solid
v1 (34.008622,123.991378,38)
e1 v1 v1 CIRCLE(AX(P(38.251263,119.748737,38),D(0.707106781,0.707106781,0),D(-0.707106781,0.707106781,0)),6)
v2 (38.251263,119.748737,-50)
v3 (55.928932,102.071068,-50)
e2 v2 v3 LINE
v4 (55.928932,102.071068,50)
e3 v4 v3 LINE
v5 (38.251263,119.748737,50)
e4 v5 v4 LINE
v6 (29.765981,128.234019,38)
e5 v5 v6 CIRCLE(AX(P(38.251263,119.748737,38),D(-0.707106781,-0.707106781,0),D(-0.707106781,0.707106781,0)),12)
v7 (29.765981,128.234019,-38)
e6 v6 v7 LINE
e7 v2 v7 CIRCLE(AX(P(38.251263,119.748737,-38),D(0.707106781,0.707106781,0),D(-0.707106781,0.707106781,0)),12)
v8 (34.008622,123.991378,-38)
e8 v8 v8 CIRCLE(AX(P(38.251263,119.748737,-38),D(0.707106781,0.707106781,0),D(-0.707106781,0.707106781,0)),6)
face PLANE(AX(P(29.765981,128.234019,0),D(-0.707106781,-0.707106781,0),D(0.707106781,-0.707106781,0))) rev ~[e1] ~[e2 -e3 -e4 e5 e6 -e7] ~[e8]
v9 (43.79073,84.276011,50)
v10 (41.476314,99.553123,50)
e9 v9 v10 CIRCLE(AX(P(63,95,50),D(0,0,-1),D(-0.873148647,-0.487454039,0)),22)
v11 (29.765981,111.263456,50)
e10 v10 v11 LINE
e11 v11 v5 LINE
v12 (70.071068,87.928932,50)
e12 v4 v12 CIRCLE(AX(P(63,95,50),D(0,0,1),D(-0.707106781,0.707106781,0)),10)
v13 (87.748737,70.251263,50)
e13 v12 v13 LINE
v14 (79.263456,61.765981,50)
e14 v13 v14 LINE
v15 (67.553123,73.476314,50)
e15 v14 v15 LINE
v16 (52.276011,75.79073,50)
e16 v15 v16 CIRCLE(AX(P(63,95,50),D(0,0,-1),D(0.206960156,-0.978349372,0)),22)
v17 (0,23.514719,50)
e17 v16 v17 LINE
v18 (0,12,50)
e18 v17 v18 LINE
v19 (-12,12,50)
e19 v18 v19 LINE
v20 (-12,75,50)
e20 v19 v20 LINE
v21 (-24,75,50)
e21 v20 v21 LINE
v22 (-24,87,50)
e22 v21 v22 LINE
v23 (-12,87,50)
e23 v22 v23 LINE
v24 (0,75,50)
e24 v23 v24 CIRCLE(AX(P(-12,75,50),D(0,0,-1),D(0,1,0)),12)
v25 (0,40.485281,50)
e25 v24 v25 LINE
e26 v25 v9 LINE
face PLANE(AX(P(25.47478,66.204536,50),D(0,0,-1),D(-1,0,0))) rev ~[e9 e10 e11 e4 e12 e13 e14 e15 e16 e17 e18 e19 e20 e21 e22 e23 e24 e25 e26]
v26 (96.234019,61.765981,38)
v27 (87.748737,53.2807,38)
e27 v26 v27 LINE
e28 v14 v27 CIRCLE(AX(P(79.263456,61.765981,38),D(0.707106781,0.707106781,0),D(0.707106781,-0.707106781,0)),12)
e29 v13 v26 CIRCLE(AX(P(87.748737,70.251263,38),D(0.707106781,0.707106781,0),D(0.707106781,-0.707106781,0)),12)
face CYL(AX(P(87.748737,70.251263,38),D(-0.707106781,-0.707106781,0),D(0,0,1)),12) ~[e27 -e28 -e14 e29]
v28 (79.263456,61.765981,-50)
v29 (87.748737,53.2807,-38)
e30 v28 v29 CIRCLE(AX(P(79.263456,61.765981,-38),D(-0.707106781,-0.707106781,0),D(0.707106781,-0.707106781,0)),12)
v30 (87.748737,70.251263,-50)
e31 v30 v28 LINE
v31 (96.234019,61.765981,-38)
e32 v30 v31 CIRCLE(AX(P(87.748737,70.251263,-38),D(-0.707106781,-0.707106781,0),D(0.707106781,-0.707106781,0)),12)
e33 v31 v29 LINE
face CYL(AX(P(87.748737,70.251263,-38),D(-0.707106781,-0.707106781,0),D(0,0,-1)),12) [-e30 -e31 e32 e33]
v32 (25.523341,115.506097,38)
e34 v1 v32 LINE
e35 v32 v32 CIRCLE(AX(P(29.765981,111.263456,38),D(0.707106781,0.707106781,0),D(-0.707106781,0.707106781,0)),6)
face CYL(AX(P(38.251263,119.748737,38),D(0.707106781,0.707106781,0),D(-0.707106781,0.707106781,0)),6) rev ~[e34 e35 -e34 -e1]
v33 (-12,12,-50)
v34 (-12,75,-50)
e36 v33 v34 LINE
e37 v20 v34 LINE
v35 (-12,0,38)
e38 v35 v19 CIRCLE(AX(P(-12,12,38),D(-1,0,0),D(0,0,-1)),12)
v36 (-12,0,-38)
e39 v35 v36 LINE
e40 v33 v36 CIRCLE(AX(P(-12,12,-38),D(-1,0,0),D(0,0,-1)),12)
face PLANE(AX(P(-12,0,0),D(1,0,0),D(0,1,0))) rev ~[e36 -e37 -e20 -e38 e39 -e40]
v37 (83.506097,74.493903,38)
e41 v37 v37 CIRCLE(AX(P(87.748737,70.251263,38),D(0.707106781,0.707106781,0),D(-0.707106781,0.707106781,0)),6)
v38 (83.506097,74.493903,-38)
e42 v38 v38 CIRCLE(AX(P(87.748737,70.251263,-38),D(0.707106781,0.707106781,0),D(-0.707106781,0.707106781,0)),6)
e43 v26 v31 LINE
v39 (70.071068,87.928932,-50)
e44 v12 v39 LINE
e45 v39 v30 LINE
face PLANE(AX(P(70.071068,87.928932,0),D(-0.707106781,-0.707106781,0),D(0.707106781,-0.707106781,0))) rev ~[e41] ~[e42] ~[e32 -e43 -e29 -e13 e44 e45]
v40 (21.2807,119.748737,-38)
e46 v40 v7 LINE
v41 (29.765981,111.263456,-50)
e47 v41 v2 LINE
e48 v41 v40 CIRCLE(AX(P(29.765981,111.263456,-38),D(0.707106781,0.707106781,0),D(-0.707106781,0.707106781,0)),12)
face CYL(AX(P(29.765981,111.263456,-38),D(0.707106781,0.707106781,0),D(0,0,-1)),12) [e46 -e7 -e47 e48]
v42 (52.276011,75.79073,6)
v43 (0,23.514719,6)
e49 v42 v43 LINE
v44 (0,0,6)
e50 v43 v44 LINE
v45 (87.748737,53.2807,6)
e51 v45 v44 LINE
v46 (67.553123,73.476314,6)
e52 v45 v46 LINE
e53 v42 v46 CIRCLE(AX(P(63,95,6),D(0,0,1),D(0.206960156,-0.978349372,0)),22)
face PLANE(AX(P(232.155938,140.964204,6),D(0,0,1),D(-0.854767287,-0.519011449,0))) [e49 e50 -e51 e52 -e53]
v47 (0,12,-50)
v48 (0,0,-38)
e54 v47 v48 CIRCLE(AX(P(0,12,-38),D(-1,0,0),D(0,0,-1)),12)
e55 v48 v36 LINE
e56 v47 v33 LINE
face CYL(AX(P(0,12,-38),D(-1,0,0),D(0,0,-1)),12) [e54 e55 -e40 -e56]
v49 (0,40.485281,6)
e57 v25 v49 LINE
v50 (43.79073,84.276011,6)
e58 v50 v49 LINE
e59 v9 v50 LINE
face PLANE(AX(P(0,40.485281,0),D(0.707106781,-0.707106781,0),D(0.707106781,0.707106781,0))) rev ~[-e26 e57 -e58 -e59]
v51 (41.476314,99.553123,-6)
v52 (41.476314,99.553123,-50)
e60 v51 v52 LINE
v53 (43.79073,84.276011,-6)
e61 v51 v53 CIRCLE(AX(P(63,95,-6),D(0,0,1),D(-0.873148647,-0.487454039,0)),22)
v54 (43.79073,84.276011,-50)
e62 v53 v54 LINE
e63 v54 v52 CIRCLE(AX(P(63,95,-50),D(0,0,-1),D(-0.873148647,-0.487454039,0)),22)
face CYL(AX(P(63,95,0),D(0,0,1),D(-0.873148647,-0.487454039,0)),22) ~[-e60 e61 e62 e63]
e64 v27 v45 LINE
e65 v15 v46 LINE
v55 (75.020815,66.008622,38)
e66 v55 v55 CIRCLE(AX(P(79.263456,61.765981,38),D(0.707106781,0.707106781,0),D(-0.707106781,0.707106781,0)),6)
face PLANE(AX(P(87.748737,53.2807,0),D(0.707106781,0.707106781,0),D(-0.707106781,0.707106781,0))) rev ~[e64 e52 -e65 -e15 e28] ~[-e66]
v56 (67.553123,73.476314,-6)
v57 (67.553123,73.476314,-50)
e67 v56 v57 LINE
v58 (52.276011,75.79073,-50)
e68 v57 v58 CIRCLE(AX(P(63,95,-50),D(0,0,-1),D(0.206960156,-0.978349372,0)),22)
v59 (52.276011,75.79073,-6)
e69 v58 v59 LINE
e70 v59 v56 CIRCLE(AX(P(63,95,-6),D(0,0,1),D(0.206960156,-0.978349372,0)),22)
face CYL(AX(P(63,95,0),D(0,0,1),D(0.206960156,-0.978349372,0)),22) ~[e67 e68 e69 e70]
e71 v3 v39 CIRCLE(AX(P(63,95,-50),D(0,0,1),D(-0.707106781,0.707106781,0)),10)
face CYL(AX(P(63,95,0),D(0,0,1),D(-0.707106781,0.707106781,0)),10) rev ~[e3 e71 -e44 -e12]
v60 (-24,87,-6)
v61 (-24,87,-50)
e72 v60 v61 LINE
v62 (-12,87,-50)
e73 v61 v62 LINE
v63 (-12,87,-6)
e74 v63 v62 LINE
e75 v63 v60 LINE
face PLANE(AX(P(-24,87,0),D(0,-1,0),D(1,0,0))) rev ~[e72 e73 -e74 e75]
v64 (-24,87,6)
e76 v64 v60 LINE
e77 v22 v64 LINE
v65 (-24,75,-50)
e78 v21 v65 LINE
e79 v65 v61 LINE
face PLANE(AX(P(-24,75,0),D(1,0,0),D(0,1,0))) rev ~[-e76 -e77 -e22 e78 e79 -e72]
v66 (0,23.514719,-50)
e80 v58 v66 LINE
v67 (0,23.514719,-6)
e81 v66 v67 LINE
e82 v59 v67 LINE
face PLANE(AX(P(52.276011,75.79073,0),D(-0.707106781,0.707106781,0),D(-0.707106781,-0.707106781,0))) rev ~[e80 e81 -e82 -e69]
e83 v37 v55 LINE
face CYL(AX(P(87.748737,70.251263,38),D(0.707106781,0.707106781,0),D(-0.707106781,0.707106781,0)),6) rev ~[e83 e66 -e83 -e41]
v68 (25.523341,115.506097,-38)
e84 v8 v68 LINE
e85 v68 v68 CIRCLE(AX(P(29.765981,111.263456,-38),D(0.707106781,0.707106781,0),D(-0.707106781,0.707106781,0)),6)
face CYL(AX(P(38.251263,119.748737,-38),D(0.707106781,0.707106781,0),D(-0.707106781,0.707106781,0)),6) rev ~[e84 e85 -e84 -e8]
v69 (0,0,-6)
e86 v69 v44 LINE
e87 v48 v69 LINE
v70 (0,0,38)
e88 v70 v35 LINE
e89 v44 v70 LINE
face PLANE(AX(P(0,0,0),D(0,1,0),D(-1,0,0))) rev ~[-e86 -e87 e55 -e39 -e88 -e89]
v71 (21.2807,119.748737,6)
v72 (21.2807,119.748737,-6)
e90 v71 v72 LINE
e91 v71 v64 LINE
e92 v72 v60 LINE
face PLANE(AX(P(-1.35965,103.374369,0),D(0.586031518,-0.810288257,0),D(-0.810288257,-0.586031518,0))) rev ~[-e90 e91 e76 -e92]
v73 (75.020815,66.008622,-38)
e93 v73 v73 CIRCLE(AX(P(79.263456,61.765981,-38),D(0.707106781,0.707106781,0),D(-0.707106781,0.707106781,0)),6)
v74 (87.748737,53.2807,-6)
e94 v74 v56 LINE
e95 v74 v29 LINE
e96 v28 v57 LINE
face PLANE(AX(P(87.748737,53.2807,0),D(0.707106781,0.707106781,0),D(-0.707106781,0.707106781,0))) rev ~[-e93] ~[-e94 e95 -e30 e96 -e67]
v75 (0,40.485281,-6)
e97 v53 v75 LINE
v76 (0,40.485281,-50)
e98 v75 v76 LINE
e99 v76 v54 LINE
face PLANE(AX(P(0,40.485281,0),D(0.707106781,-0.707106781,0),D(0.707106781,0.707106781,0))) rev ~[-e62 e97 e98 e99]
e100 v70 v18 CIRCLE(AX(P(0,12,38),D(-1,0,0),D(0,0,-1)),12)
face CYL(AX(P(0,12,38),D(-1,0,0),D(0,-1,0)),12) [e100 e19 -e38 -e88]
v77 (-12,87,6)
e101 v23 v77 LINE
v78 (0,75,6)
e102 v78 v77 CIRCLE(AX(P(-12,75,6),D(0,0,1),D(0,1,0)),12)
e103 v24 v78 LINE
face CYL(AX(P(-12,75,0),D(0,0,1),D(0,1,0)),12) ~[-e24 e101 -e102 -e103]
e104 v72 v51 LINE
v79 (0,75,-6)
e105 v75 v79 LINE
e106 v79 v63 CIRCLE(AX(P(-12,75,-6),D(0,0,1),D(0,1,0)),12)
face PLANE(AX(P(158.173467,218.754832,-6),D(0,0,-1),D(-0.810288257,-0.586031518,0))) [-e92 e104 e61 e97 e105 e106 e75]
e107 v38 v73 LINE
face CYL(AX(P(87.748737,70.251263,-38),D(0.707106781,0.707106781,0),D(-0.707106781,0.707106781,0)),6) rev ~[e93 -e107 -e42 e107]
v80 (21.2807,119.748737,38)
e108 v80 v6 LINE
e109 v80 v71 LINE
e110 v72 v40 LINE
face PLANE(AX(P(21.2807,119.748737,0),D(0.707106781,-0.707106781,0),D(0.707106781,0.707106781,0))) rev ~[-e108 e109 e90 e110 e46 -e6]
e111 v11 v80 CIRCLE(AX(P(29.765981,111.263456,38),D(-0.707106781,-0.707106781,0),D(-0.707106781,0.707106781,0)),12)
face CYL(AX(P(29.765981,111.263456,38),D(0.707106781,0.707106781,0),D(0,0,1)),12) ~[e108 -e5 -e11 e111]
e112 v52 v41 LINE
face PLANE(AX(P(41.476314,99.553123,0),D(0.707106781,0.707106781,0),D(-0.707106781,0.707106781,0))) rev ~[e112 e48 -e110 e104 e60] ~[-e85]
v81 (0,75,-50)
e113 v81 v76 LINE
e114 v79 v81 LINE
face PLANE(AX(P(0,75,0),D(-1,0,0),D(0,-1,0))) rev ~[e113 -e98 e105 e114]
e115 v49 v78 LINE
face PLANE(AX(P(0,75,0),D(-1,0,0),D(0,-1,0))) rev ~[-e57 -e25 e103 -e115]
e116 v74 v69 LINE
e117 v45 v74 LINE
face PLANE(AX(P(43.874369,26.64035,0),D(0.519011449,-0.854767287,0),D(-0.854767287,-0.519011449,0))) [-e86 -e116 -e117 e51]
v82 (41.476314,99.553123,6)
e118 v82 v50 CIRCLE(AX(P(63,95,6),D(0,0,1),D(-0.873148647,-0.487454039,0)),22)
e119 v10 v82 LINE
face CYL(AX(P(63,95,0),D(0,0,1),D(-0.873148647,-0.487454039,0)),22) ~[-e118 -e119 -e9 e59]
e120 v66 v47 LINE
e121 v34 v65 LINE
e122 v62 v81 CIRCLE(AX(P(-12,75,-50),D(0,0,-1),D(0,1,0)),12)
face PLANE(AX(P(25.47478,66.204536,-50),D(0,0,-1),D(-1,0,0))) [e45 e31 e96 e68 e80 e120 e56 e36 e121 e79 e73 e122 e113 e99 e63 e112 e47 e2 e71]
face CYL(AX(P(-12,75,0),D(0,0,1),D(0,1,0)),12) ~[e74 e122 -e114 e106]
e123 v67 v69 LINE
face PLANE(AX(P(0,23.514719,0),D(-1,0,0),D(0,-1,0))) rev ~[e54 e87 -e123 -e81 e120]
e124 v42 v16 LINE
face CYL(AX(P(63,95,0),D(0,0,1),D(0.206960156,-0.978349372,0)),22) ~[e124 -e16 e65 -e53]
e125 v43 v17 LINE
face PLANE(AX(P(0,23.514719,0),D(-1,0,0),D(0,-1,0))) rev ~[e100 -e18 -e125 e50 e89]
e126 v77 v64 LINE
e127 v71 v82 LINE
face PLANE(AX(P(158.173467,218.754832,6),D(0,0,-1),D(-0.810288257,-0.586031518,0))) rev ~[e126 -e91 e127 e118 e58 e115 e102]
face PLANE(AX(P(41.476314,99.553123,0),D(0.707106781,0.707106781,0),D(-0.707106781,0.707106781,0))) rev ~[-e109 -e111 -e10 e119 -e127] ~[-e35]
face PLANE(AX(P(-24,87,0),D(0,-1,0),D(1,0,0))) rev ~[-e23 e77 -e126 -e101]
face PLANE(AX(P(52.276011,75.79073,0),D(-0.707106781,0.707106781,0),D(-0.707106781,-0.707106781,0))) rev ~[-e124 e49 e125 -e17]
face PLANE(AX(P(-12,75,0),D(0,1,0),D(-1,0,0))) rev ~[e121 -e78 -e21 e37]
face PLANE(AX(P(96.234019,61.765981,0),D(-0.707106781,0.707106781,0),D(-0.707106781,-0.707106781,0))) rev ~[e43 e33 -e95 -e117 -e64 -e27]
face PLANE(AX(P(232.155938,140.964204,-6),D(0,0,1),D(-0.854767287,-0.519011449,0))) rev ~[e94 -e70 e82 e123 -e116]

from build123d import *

# Parameters (mm, degrees)
BOSS_EXTRUDE1_DEPTH = 50
SKETCH2_R           = 6
CUT_EXTRUDE1_DEPTH  = 12
FILLET1_R           = 12
FILLET2_R           = 12
RIB3_REACH          = 169.943
SKETCH14_WALL_W     = 393.768799168
SKETCH14_WALL_H     = 12
RIB5_REACH          = 169.943
SKETCH15_WALL_W     = 440.544630956
SKETCH15_WALL_H     = 12


with BuildPart() as part:
    # Sketch1 → Boss-Extrude1 (new, symmetric)
    with BuildSketch(Plane.XY):
        with BuildLine():
            Line((0, 0), (-12, 0))
            Line((-12, 0), (-12, 75))
            Line((-12, 75), (-24, 75))
            Line((-24, 75), (-24, 87))
            Line((-24, 87), (-12, 87))
            ThreePointArc((-12, 87), (-3.514718626, 83.485281374), (0, 75))
            Line((0, 75), (0, 40.485281374))
            Line((0, 40.485281374), (43.790729766, 84.27601114))
            ThreePointArc((43.790729766, 84.27601114), (41.248196059, 91.704696476), (41.476313815, 99.553123436))
            Line((41.476313815, 99.553123436), (21.28069991, 119.748737342))
            Line((21.28069991, 119.748737342), (29.765981284, 128.234018716))
            Line((29.765981284, 128.234018716), (55.928932188, 102.071067812))
            ThreePointArc((55.928932188, 102.071067812), (55.928932188, 87.928932188), (70.071067812, 87.928932188))
            Line((70.071067812, 87.928932188), (96.234018716, 61.765981284))
            Line((96.234018716, 61.765981284), (87.748737342, 53.28069991))
            Line((87.748737342, 53.28069991), (67.553123436, 73.476313815))
            ThreePointArc((67.553123436, 73.476313815), (59.704696476, 73.248196059), (52.27601114, 75.790729766))
            Line((52.27601114, 75.790729766), (0, 23.514718626))
            Line((0, 23.514718626), (0, 0))
        make_face()
    extrude(amount=BOSS_EXTRUDE1_DEPTH, both=True)

    # Sketch2 → Cut-Extrude1 (cut)
    with BuildSketch(Plane(origin=(79, 79, 0), x_dir=(0, 0, -1), z_dir=(0.7071067811865508, 0.7071067811865444, 0))):
        with Locations(Location((-38, 57.627416998, 0), (0, 0, 90))):
            Circle(SKETCH2_R)
        with Locations(Location((38, 57.627416998, 0), (0, 0, 90))):
            Circle(SKETCH2_R)
        with Locations(Location((38, -12.372583002, 0), (0, 0, 90))):
            Circle(SKETCH2_R)
        with Locations(Location((-38, -12.372583002, 0), (0, 0, 90))):
            Circle(SKETCH2_R)
    extrude(amount=-CUT_EXTRUDE1_DEPTH, mode=Mode.SUBTRACT)

    # Fillet1
    fillet1_edges = [part.edges().sort_by_distance(p)[0] for p in [
        (91.991378029, 57.523340597, 50),
        (25.523340597, 123.991378029, -50),
        (91.991378029, 57.523340597, -50),
        (25.523340597, 123.991378029, 50),
    ]]
    fillet(fillet1_edges, radius=FILLET1_R)

    # Fillet2
    fillet2_edges = [part.edges().sort_by_distance(p)[0] for p in [
        (-6, 0, -50),
        (-6, 0, 50),
    ]]
    fillet(fillet2_edges, radius=FILLET2_R)

    # Sketch14 wall → Rib3 (add, up to next)
    with BuildSketch(Plane(origin=(-1.359650045, 103.374368671, 0), x_dir=(-0.810288257242, -0.586031518074, 0), z_dir=(0.586031518074, -0.810288257242, 0)), mode=Mode.PRIVATE) as rib3_sk1:
        Rectangle(SKETCH14_WALL_W, SKETCH14_WALL_H)
    rib3_tool1 = extrude(rib3_sk1.sketch, amount=RIB3_REACH, mode=Mode.PRIVATE) - part.part
    add(rib3_tool1.solids().sort_by_distance((-1.359650045, 103.374368671, 0))[0])

    # Sketch15 wall → Rib5 (add, up to next)
    with BuildSketch(Plane(origin=(43.874368671, 26.640349955, 0), x_dir=(-0.854767287398, -0.519011449193, 0), z_dir=(0.519011449193, -0.854767287398, 0)), mode=Mode.PRIVATE) as rib5_sk1:
        Rectangle(SKETCH15_WALL_W, SKETCH15_WALL_H)
    rib5_tool1 = extrude(rib5_sk1.sketch, amount=-RIB5_REACH, mode=Mode.PRIVATE) - part.part
    add(rib5_tool1.solids().sort_by_distance((43.874368671, 26.640349955, 0))[0])


solid = part.part
